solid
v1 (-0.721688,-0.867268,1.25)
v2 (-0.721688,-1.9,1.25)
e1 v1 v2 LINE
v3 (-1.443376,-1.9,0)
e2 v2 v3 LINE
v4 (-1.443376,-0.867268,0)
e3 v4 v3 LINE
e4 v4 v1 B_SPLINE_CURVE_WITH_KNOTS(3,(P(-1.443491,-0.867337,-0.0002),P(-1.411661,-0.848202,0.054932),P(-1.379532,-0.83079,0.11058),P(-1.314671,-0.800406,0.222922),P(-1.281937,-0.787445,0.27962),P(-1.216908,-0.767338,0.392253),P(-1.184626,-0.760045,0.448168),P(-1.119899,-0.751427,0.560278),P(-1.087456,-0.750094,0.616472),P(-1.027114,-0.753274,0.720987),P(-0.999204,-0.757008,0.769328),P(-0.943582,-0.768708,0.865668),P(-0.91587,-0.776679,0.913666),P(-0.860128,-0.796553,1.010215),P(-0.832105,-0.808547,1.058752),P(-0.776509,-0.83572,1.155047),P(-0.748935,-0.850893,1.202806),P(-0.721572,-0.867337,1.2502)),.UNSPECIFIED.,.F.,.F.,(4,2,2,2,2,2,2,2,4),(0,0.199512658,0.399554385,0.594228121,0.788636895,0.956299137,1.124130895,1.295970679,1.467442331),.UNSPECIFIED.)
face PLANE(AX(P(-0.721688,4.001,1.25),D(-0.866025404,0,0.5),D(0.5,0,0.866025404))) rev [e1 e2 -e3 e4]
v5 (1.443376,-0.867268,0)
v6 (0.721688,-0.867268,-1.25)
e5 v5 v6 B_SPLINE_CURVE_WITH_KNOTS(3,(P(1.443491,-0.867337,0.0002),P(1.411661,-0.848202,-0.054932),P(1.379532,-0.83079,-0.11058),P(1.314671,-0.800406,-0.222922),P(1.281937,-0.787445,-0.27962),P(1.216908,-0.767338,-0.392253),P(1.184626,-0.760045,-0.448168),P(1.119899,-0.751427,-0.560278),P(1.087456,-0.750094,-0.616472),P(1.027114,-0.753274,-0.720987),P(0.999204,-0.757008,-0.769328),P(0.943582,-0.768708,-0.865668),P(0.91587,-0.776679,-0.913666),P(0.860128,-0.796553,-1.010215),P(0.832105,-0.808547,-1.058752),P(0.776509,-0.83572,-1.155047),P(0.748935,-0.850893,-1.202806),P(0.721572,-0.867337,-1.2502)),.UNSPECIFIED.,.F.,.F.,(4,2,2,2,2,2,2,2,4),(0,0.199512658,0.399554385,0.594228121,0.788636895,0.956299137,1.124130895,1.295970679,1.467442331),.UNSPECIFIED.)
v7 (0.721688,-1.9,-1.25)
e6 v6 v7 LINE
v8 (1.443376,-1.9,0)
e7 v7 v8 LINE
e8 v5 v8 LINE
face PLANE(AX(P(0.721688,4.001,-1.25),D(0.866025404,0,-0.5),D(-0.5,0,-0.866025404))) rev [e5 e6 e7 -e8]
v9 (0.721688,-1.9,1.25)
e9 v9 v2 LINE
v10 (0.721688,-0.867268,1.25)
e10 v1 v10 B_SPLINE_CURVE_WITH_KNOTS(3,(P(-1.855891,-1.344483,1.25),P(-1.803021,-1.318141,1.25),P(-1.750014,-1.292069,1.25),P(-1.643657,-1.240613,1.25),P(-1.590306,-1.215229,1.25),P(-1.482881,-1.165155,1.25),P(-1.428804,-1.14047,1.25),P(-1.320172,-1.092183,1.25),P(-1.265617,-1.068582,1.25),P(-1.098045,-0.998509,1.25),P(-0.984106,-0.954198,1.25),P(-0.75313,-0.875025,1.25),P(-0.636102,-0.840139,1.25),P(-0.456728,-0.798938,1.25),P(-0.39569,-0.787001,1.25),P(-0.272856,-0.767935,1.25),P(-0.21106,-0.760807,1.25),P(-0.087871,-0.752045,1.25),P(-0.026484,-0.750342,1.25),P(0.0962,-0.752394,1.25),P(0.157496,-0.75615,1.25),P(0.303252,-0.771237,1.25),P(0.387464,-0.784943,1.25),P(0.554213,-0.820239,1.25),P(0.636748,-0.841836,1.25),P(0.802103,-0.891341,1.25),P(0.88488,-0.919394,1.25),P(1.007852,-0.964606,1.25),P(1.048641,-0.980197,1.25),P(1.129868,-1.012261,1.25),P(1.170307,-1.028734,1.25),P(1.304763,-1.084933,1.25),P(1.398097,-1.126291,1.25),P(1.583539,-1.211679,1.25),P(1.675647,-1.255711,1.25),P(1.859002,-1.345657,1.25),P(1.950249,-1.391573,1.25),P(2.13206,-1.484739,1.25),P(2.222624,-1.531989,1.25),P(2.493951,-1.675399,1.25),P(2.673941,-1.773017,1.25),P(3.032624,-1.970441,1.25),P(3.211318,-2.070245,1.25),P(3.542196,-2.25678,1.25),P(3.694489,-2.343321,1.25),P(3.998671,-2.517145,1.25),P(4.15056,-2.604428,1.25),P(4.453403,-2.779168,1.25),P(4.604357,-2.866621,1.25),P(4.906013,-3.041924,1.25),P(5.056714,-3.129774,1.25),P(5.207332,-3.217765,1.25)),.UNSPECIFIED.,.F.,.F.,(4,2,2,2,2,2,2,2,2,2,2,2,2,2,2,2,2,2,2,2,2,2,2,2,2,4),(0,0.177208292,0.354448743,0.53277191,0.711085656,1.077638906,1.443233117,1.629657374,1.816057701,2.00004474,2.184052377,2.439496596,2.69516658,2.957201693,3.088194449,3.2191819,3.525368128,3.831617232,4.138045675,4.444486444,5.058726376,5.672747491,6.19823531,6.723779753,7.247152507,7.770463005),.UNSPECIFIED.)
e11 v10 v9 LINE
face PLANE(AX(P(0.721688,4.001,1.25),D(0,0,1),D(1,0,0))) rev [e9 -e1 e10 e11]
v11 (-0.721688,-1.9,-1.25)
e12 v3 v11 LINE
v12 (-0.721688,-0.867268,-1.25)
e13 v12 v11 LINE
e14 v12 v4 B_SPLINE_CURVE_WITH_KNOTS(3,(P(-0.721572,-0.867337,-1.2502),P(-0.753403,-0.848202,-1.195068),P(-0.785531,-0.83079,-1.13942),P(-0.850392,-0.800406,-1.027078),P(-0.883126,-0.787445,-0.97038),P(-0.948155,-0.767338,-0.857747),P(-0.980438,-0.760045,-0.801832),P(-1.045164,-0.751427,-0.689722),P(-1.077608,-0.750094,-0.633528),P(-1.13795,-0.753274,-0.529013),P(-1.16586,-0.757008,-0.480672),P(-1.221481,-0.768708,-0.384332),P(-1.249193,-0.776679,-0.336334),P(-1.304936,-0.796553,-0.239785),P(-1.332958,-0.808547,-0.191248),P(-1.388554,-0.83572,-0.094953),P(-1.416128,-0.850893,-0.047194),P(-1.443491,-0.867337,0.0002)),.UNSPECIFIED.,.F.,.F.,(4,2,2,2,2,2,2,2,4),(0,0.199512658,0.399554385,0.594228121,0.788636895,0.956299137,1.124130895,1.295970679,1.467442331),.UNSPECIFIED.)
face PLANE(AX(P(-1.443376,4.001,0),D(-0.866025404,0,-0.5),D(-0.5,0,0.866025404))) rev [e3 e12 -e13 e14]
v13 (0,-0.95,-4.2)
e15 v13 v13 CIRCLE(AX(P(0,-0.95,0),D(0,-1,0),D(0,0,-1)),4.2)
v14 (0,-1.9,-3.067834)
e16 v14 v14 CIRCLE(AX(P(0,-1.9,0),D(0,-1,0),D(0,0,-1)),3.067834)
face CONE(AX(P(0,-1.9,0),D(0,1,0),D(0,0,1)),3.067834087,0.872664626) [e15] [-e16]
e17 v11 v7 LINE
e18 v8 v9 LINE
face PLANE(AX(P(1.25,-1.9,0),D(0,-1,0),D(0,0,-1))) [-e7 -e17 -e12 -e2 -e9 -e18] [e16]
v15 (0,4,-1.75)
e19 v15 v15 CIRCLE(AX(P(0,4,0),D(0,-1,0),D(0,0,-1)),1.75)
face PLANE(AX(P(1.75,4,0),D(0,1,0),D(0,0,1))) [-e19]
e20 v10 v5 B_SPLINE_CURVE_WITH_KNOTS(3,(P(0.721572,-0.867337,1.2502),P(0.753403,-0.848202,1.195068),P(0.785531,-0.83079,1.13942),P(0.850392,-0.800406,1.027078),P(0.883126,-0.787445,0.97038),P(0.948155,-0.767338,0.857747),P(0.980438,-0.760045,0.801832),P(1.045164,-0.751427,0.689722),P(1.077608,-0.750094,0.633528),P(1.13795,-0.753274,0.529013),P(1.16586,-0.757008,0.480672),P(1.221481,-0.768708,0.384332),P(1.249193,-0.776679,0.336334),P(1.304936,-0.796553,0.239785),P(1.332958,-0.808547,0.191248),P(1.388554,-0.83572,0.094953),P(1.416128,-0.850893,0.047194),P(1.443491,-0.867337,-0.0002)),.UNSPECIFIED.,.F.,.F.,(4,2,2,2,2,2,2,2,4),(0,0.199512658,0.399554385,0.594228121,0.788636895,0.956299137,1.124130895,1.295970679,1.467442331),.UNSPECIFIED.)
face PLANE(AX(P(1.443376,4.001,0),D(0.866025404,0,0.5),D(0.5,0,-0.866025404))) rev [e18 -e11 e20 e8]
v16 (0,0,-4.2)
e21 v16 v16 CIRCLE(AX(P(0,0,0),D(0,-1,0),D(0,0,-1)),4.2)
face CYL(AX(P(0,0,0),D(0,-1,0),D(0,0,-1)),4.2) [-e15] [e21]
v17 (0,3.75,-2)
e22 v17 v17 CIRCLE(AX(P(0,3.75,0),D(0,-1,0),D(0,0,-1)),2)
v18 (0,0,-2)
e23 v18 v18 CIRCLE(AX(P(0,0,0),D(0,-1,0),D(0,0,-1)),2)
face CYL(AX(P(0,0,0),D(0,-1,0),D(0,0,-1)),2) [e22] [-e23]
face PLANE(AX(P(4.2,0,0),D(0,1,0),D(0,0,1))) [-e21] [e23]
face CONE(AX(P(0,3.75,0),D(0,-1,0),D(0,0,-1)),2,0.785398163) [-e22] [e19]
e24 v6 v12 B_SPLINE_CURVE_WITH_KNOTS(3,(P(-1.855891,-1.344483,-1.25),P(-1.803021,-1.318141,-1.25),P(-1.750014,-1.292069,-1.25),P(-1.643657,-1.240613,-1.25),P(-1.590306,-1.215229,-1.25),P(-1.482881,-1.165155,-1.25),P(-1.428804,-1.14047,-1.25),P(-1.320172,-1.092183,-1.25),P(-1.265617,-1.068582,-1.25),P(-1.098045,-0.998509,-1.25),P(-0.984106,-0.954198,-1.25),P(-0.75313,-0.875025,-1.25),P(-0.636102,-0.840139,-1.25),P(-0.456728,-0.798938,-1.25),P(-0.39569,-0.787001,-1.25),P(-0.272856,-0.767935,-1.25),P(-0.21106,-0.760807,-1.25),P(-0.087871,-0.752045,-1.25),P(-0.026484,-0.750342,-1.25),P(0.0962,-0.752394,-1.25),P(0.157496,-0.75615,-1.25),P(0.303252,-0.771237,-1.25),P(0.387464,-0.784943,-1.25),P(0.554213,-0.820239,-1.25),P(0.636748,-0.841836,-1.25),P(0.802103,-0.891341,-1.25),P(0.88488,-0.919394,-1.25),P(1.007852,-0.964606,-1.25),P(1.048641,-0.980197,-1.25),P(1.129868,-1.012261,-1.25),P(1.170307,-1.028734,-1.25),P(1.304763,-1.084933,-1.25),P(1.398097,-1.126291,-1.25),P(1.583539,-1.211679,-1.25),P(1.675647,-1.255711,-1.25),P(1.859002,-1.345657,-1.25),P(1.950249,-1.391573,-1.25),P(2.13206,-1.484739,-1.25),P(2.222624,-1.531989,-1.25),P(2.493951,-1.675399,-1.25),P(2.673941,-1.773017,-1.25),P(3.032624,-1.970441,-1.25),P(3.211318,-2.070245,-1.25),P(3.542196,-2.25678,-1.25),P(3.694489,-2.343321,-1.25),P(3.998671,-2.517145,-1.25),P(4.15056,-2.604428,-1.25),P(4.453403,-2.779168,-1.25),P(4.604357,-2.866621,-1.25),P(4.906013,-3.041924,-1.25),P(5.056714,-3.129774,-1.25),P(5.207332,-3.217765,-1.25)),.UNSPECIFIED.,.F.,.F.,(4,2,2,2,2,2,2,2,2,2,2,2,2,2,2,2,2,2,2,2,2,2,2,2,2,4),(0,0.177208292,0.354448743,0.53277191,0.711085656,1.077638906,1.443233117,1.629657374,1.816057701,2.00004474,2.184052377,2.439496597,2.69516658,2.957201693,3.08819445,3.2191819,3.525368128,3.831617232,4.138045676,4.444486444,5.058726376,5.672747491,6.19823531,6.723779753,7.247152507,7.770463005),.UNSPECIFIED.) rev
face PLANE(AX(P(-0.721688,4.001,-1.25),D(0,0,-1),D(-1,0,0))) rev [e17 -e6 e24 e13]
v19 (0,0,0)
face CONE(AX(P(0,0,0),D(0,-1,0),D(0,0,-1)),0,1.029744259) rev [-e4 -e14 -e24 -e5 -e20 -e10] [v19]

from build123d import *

# Parameters (mm, degrees)
CUT_EXTRUDE_1_REACH = 10.372


with BuildPart() as part:
    # 草图1 → 旋转1 (revolve)
    with BuildSketch(Plane.XY, mode=Mode.PRIVATE) as revolve_1_sk:
        Polygon((2, 0), (2, 3.75), (1.75, 4), (0, 4), (0, 0), (1.25, -0.751075774), (1.25, -1.9), (3.067834087, -1.9), (4.2, -0.95), (4.2, 0), align=None)
    revolve(revolve_1_sk.sketch.rotate(Axis((0, 0, 0), (0, 1, 0)), 90), axis=Axis((0, 0, 0), (0, 1, 0)))

    # 切除-拉伸1: up to this cone (the profile starts inside it)
    cut_extrude_1_end = Plane(origin=(0, -1.9, 0), z_dir=(0, -1, 0)).offset(-1.899999) * Cone(1.664e-06, 26.51884732, 15.934130016, align=(Align.CENTER, Align.CENTER, Align.MIN), mode=Mode.PRIVATE)
    # 草图2 → 切除-拉伸1 (cut, up to the surface)
    with BuildSketch(Plane.XZ.offset(1.9), mode=Mode.PRIVATE) as cut_extrude_1_sk1:
        Polygon((1.443375673, 0), (0.721687836, 1.25), (-0.721687836, 1.25), (-1.443375673, 0), (-0.721687836, -1.25), (0.721687836, -1.25), align=None)
    cut_extrude_1_tool1 = extrude(cut_extrude_1_sk1.sketch, amount=-CUT_EXTRUDE_1_REACH, mode=Mode.PRIVATE) & cut_extrude_1_end
    add(cut_extrude_1_tool1.solids().sort_by_distance((0, -1.9, 0))[0], mode=Mode.SUBTRACT)


solid = part.part
